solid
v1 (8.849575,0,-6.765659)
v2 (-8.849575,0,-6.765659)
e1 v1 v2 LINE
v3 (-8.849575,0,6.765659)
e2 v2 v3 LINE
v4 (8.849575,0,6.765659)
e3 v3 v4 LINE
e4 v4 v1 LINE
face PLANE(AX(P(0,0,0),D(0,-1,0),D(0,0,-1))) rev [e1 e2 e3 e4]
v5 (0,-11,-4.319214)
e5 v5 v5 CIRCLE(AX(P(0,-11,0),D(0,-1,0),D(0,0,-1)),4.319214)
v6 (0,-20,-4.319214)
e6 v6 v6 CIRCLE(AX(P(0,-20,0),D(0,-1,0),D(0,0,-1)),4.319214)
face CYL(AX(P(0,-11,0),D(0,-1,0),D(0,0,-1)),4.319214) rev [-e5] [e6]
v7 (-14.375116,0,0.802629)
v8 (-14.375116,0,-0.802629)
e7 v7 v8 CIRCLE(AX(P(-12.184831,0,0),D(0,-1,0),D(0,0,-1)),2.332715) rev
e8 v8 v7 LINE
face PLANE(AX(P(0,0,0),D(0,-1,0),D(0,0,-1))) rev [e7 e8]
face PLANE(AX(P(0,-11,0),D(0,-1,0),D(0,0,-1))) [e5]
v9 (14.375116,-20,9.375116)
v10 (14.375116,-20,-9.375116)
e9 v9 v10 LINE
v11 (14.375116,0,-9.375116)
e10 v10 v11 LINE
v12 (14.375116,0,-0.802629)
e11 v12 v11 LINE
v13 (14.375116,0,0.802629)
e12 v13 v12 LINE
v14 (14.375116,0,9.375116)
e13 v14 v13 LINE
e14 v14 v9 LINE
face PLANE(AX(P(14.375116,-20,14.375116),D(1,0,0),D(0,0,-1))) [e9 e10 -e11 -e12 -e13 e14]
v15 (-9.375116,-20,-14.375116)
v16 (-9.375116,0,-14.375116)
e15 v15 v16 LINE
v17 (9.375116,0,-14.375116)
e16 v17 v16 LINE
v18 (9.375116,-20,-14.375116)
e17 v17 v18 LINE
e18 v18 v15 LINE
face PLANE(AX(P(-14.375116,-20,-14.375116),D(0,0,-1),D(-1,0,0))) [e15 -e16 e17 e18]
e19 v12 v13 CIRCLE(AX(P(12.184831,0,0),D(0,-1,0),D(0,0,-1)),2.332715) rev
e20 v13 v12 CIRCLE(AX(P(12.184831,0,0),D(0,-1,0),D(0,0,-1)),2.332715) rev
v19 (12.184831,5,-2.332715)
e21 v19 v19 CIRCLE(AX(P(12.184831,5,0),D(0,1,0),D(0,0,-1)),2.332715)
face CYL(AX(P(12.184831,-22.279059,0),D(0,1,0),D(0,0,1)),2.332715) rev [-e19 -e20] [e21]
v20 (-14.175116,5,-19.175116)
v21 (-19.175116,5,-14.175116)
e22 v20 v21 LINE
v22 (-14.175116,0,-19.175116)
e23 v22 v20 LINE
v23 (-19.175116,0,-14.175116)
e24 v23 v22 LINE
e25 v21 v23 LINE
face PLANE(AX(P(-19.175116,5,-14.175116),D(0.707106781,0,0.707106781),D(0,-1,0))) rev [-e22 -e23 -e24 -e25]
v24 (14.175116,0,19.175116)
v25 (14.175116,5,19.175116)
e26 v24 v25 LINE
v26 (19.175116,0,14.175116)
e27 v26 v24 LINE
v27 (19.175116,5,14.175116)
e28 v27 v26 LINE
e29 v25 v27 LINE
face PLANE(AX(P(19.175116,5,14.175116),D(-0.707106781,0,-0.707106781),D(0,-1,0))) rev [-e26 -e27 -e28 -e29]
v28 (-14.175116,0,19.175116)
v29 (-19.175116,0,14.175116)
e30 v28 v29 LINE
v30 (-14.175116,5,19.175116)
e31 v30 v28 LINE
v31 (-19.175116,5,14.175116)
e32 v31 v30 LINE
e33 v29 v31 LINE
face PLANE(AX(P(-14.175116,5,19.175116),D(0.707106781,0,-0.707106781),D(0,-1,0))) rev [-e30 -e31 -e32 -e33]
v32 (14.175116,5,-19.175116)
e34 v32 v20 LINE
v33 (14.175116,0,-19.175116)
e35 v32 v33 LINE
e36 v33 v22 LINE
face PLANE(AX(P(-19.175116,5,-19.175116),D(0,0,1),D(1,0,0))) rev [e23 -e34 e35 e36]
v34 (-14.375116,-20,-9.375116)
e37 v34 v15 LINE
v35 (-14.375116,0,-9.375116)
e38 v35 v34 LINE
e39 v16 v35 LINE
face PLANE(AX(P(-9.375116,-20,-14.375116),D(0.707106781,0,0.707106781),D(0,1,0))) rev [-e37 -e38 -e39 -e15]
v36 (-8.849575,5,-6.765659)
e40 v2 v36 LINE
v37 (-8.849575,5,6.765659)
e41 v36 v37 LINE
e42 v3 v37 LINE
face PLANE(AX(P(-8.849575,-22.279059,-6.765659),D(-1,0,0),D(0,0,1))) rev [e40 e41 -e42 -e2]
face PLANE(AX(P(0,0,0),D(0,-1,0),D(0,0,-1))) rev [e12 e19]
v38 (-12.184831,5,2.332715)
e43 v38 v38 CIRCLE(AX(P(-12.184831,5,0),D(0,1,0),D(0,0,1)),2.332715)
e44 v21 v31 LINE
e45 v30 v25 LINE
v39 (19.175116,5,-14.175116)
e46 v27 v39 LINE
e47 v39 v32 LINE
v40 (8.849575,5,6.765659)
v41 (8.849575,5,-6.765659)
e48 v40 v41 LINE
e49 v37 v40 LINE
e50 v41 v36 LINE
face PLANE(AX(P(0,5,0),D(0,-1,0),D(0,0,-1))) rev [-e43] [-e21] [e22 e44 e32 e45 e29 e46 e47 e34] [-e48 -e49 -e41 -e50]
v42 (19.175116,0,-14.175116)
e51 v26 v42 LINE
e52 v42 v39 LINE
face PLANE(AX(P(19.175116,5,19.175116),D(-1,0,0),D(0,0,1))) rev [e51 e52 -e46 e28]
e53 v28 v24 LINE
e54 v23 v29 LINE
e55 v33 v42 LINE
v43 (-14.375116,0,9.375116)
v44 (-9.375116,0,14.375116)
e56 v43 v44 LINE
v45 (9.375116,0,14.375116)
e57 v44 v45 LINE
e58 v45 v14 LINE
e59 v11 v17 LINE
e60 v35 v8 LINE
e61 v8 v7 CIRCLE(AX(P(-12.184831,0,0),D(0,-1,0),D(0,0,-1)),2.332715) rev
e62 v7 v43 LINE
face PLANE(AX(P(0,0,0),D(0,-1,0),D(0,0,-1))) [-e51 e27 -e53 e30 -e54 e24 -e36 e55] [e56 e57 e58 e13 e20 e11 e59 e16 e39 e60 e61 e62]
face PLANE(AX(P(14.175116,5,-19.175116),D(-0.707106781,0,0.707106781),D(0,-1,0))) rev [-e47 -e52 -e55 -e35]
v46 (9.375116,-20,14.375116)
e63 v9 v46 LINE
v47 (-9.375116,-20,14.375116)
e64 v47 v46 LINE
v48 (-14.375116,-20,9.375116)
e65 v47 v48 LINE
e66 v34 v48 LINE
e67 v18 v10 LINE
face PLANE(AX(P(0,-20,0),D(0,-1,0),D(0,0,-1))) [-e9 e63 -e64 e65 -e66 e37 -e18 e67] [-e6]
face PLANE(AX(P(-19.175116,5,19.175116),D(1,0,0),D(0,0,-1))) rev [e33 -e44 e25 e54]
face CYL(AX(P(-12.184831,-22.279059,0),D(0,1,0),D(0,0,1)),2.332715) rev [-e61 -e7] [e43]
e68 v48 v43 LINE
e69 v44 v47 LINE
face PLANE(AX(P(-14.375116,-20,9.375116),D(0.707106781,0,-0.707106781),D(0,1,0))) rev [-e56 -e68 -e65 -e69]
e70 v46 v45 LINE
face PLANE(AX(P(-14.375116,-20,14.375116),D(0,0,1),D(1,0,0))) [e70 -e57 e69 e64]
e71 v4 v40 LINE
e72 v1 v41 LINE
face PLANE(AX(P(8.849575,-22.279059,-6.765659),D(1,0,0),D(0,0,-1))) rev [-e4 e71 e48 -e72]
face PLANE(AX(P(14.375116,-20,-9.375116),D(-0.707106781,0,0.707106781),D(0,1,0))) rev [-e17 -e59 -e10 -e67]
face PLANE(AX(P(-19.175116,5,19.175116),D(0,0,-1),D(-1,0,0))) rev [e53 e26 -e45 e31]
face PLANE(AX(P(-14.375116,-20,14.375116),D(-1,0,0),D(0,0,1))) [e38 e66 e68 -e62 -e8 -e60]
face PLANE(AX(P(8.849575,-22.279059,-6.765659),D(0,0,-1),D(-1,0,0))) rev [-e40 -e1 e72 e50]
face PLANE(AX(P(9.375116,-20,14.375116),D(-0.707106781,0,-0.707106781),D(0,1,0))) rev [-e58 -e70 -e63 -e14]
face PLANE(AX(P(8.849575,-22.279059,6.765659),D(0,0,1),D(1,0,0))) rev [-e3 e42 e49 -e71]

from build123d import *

# Parameters (mm, degrees)
SKETCH1_W           = 38.350231224
SKETCH1_H           = 38.350231224
BOSS_EXTRUDE1_DEPTH = 5
SKETCH2_W           = 28.750231224
SKETCH2_H           = 28.750231224
BOSS_EXTRUDE2_DEPTH = 20
CHAMFER1_SIZE       = 5
SKETCH3_R           = 2.332714882
SKETCH3_W           = 17.69914949
SKETCH3_H           = 13.531318076
CUT_EXTRUDE1_DEPTH  = 5
SKETCH4_R           = 4.319213653
CUT_EXTRUDE2_DEPTH  = 9


with BuildPart() as part:
    # Sketch1 → Boss-Extrude1 (new body)
    with BuildSketch(Plane(origin=(0, 0, 0), x_dir=(1, 0, 0), z_dir=(0, 1, 0))):
        Rectangle(SKETCH1_W, SKETCH1_H)
    extrude(amount=BOSS_EXTRUDE1_DEPTH)

    # Sketch2 → Boss-Extrude2 (add)
    with BuildSketch(Plane(origin=(0, 0, 0), x_dir=(1, 0, 0), z_dir=(0, 1, 0))):
        Rectangle(SKETCH2_W, SKETCH2_H)
    extrude(amount=-BOSS_EXTRUDE2_DEPTH)

    # Chamfer1
    chamfer1_edges = [part.edges().sort_by_distance(p)[0] for p in [
        (14.375115612, -10, -14.375115612),
        (14.375115612, -10, 14.375115612),
        (-14.375115612, -10, 14.375115612),
        (-14.375115612, -10, -14.375115612),
        (19.175115612, 2.5, 19.175115612),
        (-19.175115612, 2.5, 19.175115612),
        (-19.175115612, 2.5, -19.175115612),
        (19.175115612, 2.5, -19.175115612),
    ]]
    chamfer(chamfer1_edges, length=CHAMFER1_SIZE)

    # Sketch3 → Cut-Extrude1 (cut)
    with BuildSketch(Plane(origin=(0, 5, 0), x_dir=(1, 0, 0), z_dir=(0, 1, 0))):
        with Locations((-12.184831311, 0)):
            Circle(SKETCH3_R)
        with Locations((12.184831311, 0)):
            Circle(SKETCH3_R)
        Rectangle(SKETCH3_W, SKETCH3_H)
    extrude(amount=-CUT_EXTRUDE1_DEPTH, mode=Mode.SUBTRACT)

    # Sketch4 → Cut-Extrude2 (cut)
    with BuildSketch(Plane.XZ.offset(20)):
        Circle(SKETCH4_R)
    extrude(amount=-CUT_EXTRUDE2_DEPTH, mode=Mode.SUBTRACT)


solid = part.part
